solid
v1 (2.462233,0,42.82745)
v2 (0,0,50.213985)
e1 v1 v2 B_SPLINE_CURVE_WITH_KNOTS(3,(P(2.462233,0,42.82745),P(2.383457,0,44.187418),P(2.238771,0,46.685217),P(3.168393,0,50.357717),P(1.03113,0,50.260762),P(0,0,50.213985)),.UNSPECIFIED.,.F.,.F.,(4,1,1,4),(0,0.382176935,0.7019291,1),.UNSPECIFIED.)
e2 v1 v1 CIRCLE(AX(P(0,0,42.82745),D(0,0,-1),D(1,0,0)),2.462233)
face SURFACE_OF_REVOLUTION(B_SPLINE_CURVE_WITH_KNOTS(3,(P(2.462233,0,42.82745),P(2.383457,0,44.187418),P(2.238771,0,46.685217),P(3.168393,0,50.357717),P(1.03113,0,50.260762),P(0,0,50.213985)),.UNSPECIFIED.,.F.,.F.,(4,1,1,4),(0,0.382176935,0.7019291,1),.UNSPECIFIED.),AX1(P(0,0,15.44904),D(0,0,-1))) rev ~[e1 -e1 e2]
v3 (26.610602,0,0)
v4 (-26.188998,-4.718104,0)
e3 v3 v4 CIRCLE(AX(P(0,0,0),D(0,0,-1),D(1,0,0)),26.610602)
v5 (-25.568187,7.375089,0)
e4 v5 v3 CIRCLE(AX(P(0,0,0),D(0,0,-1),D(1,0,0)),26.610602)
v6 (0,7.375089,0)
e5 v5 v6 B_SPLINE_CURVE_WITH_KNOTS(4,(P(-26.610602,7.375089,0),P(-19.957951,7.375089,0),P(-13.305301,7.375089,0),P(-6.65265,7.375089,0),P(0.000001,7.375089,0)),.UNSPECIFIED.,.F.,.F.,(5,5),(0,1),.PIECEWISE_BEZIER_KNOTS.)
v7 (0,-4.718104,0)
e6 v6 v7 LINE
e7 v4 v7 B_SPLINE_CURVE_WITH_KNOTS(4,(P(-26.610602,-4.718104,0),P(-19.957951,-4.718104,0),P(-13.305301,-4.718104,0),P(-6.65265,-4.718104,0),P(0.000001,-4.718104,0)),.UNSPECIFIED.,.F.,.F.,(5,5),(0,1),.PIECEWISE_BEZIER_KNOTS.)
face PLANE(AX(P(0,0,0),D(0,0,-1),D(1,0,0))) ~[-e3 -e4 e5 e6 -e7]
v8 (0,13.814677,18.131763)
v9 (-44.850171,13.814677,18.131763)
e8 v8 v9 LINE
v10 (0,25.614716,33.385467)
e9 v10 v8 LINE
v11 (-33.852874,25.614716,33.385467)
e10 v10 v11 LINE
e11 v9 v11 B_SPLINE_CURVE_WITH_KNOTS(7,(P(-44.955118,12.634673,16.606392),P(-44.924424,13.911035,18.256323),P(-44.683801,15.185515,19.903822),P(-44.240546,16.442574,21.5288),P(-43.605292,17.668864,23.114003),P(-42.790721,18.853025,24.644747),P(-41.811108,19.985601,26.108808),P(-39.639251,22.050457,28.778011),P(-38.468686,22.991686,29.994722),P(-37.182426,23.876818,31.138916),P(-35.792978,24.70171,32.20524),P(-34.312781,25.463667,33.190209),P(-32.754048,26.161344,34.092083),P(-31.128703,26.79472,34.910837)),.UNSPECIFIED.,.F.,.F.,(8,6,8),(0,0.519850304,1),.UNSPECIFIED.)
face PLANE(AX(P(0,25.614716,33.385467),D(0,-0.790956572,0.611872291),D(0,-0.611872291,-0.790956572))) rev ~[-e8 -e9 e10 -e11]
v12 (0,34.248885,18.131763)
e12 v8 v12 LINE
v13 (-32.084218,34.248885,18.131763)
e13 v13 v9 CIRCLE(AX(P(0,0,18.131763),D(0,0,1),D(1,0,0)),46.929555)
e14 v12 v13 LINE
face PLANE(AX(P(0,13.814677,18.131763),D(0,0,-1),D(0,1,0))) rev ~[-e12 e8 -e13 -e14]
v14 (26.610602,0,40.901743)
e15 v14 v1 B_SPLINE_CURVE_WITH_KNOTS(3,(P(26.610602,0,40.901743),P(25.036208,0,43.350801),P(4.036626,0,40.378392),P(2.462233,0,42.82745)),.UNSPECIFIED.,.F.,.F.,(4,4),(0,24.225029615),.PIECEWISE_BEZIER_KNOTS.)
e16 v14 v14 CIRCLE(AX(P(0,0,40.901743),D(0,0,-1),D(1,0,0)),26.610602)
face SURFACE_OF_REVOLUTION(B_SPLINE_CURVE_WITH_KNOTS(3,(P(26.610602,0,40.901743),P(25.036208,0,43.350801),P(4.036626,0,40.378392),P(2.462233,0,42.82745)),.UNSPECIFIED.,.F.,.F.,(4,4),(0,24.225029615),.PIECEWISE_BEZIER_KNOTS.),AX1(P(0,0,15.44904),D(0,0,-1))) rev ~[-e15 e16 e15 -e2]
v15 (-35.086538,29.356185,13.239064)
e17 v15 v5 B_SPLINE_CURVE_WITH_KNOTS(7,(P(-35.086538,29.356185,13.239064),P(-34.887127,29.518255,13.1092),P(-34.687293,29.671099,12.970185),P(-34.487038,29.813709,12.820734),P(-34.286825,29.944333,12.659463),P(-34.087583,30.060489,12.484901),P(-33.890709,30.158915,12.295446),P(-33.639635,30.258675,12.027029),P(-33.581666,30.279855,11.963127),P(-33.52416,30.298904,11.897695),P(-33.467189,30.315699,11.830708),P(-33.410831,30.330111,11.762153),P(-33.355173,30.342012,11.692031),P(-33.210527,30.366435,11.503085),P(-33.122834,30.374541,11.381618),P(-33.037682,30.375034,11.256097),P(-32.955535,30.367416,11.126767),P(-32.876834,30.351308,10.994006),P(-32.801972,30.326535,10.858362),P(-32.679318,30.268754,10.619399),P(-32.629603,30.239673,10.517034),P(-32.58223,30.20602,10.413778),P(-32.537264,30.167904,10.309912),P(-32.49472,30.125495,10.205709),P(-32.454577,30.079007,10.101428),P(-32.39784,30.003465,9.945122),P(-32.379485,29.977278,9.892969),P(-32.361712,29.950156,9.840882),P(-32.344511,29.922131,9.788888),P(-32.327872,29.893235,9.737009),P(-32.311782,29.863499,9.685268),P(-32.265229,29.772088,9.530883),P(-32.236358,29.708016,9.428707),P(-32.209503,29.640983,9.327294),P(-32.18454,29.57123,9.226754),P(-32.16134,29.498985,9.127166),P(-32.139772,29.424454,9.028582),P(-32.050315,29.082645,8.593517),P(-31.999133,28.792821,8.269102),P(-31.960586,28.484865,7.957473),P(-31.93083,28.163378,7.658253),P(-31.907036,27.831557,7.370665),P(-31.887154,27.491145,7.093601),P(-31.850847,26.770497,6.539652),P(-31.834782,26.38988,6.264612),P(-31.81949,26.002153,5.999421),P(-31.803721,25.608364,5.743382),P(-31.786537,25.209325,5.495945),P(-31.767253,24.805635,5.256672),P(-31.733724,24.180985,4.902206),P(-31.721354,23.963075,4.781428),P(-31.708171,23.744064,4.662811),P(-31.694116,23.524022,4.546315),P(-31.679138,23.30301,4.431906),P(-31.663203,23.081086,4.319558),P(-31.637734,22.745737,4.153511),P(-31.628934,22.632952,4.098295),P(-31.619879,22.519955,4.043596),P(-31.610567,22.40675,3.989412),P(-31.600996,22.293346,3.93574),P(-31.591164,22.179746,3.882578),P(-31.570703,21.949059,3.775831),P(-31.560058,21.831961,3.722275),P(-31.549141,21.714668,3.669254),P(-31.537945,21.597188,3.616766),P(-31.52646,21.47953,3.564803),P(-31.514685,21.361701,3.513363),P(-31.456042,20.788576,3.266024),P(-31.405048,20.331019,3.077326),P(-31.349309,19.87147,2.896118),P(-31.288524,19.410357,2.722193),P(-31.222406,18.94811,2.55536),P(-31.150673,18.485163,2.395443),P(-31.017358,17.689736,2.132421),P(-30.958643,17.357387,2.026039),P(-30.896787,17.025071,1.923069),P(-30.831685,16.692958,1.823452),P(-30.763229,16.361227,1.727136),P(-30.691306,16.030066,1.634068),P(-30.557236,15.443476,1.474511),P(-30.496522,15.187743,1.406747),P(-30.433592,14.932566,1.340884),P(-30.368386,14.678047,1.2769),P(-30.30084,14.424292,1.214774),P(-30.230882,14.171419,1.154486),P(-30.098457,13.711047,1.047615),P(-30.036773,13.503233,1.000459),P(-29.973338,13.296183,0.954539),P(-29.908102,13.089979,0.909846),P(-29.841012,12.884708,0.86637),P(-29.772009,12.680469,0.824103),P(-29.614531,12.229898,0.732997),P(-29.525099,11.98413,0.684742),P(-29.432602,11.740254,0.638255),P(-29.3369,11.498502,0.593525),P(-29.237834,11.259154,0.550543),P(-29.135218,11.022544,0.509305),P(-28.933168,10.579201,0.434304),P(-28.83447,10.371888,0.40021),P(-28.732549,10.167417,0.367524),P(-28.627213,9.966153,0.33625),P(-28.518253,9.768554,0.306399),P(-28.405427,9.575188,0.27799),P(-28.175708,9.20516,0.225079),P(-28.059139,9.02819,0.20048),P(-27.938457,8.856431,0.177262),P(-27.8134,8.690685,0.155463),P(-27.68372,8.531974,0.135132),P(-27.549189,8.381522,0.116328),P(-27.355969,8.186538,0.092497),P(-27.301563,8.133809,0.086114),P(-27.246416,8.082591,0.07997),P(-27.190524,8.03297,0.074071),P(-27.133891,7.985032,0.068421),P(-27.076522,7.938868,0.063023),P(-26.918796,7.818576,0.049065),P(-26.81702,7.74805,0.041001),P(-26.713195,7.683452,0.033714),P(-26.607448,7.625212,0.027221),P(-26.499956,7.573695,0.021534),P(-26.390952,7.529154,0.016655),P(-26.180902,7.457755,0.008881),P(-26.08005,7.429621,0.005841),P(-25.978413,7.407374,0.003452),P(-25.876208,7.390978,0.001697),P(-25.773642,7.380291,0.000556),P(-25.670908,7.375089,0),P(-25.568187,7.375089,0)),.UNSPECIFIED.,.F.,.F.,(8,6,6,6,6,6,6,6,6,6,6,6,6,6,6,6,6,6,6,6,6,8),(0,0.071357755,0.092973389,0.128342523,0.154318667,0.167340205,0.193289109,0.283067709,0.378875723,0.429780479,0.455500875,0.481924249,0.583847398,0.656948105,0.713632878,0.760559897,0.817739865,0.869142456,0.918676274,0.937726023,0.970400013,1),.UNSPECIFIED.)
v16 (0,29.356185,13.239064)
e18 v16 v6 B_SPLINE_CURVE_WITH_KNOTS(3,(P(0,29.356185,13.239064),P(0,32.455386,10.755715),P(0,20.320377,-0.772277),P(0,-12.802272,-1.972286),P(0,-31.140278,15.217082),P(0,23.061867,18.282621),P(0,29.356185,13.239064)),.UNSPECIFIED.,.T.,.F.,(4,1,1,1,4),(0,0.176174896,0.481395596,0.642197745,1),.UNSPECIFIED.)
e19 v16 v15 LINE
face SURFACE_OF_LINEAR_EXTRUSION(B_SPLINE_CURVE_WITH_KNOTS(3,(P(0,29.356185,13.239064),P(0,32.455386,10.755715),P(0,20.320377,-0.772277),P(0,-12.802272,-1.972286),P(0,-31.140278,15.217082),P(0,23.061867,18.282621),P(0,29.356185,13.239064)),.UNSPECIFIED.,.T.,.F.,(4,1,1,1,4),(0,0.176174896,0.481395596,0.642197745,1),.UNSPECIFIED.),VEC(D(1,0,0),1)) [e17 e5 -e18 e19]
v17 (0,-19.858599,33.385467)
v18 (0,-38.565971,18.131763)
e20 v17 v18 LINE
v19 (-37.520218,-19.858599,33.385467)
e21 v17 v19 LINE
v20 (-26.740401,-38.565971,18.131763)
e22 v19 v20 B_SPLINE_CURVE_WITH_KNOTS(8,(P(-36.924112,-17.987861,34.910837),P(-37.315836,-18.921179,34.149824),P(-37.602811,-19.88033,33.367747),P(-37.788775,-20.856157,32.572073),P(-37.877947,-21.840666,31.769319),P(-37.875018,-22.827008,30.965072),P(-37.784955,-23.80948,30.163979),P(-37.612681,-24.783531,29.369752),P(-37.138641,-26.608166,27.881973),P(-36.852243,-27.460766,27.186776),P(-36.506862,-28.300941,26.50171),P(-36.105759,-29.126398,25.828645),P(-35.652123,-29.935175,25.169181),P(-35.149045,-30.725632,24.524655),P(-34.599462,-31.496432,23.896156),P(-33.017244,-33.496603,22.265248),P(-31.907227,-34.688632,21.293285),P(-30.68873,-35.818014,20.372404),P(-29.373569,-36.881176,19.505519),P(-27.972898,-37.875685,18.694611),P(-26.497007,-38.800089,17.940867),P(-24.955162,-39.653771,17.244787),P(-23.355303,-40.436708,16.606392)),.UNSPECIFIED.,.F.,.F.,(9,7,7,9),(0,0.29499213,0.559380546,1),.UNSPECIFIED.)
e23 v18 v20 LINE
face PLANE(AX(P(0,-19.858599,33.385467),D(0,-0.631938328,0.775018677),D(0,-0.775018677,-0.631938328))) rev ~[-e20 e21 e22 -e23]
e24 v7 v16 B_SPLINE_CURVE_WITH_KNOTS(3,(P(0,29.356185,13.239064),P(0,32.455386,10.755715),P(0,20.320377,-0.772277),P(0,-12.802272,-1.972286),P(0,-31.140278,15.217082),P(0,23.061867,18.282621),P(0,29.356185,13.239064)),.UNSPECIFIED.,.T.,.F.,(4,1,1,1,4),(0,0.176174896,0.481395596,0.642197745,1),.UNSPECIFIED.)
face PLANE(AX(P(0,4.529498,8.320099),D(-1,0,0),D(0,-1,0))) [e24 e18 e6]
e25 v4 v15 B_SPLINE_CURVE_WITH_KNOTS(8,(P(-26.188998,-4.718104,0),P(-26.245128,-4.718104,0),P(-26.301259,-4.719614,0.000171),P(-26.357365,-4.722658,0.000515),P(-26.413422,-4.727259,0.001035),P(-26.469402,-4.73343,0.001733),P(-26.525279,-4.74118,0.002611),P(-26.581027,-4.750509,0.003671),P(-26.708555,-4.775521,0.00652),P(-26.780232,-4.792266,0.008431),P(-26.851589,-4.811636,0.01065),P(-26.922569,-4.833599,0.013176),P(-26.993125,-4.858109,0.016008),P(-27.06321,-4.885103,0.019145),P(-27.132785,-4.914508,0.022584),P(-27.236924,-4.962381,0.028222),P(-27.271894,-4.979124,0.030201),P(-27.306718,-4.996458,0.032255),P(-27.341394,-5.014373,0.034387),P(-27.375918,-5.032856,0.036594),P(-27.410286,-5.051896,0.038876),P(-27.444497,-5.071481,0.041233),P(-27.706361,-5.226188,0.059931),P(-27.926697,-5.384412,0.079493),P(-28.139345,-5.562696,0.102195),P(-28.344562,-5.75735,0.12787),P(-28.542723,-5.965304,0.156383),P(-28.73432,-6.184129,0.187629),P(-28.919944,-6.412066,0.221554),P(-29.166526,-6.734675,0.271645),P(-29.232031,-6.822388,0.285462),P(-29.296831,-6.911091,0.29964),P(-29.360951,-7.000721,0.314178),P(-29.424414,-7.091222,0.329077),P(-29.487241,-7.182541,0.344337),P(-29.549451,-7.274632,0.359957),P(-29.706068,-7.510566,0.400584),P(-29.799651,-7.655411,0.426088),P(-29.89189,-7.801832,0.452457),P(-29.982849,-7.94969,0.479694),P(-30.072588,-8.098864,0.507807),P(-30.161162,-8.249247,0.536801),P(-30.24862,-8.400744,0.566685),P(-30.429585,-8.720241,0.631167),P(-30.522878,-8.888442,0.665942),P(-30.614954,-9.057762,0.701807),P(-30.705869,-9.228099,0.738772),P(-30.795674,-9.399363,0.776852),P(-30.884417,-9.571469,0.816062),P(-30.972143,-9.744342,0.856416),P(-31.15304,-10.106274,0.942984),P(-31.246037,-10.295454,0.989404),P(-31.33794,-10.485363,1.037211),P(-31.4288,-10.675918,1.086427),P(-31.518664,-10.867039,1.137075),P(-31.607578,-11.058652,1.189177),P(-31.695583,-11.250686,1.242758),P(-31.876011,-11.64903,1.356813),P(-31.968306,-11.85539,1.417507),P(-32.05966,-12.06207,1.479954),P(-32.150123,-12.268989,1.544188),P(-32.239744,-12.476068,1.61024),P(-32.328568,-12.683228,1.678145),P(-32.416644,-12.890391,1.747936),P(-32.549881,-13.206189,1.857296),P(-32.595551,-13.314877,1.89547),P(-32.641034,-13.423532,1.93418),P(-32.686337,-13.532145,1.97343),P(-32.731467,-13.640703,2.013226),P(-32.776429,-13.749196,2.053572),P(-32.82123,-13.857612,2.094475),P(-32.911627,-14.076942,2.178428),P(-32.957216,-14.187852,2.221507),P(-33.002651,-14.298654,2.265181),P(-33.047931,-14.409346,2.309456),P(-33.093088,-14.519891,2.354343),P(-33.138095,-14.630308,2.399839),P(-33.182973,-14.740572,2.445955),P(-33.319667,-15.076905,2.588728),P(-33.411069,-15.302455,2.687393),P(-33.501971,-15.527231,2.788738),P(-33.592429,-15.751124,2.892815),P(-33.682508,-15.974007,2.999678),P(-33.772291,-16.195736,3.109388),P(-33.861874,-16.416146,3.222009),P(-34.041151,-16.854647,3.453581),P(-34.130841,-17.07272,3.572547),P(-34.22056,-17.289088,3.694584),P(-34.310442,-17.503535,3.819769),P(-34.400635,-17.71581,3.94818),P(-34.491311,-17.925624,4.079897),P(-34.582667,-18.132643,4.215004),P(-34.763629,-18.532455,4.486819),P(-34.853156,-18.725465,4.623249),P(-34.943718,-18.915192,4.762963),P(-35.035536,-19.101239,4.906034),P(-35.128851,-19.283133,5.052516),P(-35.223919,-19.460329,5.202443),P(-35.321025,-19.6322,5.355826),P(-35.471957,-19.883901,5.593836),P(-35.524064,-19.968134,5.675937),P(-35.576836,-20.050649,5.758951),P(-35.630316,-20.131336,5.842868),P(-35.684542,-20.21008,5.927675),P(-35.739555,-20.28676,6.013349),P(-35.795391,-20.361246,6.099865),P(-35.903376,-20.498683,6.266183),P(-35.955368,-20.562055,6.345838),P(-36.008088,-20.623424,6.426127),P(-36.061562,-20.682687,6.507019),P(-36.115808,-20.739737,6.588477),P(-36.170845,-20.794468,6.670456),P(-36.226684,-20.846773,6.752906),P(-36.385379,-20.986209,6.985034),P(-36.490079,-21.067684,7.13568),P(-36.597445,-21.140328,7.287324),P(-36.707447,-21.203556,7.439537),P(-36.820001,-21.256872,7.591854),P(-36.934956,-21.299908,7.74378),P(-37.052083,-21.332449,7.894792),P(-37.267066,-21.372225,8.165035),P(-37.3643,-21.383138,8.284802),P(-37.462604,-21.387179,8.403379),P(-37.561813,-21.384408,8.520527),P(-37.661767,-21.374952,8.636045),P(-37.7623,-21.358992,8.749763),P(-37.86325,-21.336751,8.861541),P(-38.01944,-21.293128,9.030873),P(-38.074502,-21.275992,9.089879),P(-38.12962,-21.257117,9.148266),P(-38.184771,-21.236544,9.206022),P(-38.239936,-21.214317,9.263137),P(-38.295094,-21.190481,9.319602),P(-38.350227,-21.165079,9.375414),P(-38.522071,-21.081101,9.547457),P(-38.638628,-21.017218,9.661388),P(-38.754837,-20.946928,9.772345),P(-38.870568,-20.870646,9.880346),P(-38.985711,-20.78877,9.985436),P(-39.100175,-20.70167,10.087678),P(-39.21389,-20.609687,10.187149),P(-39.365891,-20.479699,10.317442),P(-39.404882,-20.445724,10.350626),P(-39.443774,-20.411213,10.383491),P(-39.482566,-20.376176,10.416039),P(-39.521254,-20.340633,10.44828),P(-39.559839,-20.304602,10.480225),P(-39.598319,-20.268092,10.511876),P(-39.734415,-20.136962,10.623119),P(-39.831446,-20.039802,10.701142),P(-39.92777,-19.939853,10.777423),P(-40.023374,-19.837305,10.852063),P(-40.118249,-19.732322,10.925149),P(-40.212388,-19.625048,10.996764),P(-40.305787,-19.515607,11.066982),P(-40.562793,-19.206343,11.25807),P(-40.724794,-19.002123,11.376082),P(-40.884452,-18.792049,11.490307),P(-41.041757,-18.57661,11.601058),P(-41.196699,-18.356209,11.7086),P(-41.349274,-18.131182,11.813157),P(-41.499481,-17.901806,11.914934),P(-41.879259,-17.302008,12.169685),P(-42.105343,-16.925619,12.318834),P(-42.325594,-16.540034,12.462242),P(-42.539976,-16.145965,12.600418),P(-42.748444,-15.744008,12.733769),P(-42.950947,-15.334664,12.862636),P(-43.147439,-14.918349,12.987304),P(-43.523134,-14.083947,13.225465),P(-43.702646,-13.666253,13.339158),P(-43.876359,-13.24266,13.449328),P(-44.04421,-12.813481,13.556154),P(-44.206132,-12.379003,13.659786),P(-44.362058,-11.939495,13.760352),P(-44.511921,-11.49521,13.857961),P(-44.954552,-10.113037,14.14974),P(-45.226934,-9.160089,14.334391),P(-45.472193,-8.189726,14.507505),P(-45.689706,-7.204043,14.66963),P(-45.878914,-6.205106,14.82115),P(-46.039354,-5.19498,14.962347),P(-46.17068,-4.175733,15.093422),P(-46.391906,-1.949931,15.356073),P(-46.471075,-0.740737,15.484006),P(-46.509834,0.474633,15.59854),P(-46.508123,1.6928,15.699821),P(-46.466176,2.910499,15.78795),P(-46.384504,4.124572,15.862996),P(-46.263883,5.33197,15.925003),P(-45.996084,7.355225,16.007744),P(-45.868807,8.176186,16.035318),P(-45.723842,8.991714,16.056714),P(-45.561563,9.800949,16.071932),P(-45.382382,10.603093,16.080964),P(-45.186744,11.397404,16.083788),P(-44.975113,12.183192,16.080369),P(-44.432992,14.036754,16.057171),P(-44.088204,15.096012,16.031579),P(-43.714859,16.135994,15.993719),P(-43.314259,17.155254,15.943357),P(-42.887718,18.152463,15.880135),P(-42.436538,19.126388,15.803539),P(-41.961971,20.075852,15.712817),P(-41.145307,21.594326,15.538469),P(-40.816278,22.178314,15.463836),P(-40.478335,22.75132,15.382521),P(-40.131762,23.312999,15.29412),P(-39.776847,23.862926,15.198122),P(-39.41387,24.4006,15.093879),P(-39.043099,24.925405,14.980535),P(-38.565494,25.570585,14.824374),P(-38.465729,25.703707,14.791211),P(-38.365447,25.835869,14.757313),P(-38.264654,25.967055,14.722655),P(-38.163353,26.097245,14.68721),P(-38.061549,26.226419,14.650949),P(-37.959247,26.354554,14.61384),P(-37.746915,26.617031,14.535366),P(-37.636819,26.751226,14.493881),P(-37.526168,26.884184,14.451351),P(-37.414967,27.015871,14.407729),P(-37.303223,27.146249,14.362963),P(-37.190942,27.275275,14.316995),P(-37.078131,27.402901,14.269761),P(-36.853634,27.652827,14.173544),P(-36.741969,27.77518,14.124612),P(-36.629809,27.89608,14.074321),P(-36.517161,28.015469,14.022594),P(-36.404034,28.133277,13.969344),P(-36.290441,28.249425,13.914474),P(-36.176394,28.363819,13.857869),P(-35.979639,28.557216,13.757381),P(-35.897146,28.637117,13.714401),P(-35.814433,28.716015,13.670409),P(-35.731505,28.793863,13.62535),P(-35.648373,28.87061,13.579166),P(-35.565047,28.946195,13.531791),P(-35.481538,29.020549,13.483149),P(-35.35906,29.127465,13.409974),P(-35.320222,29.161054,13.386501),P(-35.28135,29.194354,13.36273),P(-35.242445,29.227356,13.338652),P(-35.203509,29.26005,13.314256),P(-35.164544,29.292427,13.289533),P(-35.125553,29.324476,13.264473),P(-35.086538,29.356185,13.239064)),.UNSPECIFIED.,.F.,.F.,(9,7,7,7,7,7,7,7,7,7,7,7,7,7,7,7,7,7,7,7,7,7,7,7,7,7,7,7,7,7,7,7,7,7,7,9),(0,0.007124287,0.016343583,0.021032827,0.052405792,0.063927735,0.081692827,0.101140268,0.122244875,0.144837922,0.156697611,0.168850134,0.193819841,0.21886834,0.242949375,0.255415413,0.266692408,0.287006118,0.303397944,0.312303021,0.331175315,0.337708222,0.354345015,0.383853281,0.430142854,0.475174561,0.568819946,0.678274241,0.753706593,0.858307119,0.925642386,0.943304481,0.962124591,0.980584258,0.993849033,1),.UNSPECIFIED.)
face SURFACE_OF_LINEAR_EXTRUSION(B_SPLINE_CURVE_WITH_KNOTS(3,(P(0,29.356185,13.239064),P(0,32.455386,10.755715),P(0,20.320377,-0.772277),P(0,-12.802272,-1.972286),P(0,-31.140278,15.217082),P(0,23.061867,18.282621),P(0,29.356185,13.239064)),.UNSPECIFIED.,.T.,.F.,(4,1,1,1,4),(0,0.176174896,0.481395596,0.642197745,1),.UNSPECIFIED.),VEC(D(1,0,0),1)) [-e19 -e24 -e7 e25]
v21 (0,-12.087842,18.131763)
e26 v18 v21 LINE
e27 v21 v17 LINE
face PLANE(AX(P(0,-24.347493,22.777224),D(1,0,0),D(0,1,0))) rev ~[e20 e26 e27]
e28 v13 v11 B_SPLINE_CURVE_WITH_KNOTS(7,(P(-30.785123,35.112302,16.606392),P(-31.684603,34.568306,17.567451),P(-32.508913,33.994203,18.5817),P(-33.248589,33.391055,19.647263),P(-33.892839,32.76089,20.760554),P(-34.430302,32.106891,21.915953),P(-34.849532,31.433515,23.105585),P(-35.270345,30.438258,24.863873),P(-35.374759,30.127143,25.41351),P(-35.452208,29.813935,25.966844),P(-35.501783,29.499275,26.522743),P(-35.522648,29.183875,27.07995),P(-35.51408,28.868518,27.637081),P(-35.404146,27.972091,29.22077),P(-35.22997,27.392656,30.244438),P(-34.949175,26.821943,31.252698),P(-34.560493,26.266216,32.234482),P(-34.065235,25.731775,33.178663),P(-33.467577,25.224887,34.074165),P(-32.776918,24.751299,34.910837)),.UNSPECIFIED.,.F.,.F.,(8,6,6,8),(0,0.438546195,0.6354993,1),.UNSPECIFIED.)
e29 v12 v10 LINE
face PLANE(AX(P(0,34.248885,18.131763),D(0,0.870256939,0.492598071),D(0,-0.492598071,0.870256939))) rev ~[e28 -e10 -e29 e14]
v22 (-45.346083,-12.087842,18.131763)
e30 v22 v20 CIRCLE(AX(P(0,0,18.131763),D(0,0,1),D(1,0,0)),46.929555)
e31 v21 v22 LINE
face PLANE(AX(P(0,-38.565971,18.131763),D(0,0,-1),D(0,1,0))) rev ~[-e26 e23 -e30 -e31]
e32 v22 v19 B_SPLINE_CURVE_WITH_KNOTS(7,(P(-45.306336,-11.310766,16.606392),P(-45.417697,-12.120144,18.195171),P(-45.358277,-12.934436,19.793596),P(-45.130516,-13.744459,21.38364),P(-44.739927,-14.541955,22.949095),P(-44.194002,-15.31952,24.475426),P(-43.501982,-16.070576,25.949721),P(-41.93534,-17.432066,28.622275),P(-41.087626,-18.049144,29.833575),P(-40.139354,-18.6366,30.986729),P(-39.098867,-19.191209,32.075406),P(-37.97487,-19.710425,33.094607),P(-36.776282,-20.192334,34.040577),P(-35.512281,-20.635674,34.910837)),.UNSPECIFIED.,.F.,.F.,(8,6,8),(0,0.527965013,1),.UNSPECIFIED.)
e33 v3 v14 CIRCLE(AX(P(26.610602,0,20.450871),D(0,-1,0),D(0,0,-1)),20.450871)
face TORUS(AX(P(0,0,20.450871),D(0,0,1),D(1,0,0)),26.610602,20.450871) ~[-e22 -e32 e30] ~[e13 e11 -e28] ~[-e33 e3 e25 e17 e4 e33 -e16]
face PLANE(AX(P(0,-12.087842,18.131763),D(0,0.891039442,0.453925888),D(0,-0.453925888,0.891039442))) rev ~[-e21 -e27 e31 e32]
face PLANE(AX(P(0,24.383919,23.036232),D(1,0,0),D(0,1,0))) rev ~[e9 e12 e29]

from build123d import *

# Parameters (mm, degrees)
F3_DEPTH = 127
F5_DEPTH = 50.8


with BuildPart() as f1:
    # F0 (on Front) → F1 (revolve)
    with BuildSketch(Plane.XZ):
        with BuildLine():
            Line((0, 50.2139851451), (0, 0))
            Line((0, 0), (26.6106016934, 0))
            ThreePointArc((26.6106016934, 0), (47.0614731312, 20.4508714378), (26.6106016934, 40.9017428756))
            add(Edge.make_bspline(
                [(26.6106016934, 40.9017428756), (25.0362083316, 43.3508008718), (4.0366263129, 40.3783917427), (2.4622329511, 42.827449739)],
                knots=[0, 0, 0, 0, 24.2250296148, 24.2250296148, 24.2250296148, 24.2250296148], degree=3))
            add(Edge.make_bspline(
                [(2.4622329511, 42.827449739), (2.3834565669, 44.1874180439), (2.2387711309, 46.6852174669), (3.1683927039, 50.3577171038), (1.0311299141, 50.2607616454), (0, 50.2139851451)],
                knots=[0, 0, 0, 0, 0.3821769351, 0.7019290997, 1, 1, 1, 1], degree=3))
        make_face()
    revolve(axis=Axis((0, 0, 15.449039638), (0, 0, -1)))

    # F2 (on Right) → F3 (cut)
    with BuildSketch(Plane.YZ):
        Polygon((-19.8585987091, 33.3854667842), (-38.5659709573, 18.131762743), (-12.0878415182, 18.131762743), align=None)
        Polygon((25.6147161126, 33.3854667842), (13.814676553, 18.131762743), (34.2488847673, 18.131762743), align=None)
    extrude(amount=-F3_DEPTH, mode=Mode.SUBTRACT)

    # F4 (on Right) → F5 (cut)
    with BuildSketch(Plane.YZ):
        with BuildLine():
            add(Edge.make_bspline(
                [(29.3561853468, 13.2390642539), (32.4553857355, 10.7557147244), (20.3203773982, -0.772276878), (-12.8022721153, -1.9722855331), (-31.1402784868, 15.2170824896), (23.0618669435, 18.2826208766), (29.3561853468, 13.2390642539)],
                knots=[0, 0, 0, 0, 0.1761748956, 0.4813955957, 0.6421977451, 1, 1, 1, 1], degree=3))
        make_face()
    extrude(amount=-F5_DEPTH, mode=Mode.SUBTRACT)


solid = f1.part
